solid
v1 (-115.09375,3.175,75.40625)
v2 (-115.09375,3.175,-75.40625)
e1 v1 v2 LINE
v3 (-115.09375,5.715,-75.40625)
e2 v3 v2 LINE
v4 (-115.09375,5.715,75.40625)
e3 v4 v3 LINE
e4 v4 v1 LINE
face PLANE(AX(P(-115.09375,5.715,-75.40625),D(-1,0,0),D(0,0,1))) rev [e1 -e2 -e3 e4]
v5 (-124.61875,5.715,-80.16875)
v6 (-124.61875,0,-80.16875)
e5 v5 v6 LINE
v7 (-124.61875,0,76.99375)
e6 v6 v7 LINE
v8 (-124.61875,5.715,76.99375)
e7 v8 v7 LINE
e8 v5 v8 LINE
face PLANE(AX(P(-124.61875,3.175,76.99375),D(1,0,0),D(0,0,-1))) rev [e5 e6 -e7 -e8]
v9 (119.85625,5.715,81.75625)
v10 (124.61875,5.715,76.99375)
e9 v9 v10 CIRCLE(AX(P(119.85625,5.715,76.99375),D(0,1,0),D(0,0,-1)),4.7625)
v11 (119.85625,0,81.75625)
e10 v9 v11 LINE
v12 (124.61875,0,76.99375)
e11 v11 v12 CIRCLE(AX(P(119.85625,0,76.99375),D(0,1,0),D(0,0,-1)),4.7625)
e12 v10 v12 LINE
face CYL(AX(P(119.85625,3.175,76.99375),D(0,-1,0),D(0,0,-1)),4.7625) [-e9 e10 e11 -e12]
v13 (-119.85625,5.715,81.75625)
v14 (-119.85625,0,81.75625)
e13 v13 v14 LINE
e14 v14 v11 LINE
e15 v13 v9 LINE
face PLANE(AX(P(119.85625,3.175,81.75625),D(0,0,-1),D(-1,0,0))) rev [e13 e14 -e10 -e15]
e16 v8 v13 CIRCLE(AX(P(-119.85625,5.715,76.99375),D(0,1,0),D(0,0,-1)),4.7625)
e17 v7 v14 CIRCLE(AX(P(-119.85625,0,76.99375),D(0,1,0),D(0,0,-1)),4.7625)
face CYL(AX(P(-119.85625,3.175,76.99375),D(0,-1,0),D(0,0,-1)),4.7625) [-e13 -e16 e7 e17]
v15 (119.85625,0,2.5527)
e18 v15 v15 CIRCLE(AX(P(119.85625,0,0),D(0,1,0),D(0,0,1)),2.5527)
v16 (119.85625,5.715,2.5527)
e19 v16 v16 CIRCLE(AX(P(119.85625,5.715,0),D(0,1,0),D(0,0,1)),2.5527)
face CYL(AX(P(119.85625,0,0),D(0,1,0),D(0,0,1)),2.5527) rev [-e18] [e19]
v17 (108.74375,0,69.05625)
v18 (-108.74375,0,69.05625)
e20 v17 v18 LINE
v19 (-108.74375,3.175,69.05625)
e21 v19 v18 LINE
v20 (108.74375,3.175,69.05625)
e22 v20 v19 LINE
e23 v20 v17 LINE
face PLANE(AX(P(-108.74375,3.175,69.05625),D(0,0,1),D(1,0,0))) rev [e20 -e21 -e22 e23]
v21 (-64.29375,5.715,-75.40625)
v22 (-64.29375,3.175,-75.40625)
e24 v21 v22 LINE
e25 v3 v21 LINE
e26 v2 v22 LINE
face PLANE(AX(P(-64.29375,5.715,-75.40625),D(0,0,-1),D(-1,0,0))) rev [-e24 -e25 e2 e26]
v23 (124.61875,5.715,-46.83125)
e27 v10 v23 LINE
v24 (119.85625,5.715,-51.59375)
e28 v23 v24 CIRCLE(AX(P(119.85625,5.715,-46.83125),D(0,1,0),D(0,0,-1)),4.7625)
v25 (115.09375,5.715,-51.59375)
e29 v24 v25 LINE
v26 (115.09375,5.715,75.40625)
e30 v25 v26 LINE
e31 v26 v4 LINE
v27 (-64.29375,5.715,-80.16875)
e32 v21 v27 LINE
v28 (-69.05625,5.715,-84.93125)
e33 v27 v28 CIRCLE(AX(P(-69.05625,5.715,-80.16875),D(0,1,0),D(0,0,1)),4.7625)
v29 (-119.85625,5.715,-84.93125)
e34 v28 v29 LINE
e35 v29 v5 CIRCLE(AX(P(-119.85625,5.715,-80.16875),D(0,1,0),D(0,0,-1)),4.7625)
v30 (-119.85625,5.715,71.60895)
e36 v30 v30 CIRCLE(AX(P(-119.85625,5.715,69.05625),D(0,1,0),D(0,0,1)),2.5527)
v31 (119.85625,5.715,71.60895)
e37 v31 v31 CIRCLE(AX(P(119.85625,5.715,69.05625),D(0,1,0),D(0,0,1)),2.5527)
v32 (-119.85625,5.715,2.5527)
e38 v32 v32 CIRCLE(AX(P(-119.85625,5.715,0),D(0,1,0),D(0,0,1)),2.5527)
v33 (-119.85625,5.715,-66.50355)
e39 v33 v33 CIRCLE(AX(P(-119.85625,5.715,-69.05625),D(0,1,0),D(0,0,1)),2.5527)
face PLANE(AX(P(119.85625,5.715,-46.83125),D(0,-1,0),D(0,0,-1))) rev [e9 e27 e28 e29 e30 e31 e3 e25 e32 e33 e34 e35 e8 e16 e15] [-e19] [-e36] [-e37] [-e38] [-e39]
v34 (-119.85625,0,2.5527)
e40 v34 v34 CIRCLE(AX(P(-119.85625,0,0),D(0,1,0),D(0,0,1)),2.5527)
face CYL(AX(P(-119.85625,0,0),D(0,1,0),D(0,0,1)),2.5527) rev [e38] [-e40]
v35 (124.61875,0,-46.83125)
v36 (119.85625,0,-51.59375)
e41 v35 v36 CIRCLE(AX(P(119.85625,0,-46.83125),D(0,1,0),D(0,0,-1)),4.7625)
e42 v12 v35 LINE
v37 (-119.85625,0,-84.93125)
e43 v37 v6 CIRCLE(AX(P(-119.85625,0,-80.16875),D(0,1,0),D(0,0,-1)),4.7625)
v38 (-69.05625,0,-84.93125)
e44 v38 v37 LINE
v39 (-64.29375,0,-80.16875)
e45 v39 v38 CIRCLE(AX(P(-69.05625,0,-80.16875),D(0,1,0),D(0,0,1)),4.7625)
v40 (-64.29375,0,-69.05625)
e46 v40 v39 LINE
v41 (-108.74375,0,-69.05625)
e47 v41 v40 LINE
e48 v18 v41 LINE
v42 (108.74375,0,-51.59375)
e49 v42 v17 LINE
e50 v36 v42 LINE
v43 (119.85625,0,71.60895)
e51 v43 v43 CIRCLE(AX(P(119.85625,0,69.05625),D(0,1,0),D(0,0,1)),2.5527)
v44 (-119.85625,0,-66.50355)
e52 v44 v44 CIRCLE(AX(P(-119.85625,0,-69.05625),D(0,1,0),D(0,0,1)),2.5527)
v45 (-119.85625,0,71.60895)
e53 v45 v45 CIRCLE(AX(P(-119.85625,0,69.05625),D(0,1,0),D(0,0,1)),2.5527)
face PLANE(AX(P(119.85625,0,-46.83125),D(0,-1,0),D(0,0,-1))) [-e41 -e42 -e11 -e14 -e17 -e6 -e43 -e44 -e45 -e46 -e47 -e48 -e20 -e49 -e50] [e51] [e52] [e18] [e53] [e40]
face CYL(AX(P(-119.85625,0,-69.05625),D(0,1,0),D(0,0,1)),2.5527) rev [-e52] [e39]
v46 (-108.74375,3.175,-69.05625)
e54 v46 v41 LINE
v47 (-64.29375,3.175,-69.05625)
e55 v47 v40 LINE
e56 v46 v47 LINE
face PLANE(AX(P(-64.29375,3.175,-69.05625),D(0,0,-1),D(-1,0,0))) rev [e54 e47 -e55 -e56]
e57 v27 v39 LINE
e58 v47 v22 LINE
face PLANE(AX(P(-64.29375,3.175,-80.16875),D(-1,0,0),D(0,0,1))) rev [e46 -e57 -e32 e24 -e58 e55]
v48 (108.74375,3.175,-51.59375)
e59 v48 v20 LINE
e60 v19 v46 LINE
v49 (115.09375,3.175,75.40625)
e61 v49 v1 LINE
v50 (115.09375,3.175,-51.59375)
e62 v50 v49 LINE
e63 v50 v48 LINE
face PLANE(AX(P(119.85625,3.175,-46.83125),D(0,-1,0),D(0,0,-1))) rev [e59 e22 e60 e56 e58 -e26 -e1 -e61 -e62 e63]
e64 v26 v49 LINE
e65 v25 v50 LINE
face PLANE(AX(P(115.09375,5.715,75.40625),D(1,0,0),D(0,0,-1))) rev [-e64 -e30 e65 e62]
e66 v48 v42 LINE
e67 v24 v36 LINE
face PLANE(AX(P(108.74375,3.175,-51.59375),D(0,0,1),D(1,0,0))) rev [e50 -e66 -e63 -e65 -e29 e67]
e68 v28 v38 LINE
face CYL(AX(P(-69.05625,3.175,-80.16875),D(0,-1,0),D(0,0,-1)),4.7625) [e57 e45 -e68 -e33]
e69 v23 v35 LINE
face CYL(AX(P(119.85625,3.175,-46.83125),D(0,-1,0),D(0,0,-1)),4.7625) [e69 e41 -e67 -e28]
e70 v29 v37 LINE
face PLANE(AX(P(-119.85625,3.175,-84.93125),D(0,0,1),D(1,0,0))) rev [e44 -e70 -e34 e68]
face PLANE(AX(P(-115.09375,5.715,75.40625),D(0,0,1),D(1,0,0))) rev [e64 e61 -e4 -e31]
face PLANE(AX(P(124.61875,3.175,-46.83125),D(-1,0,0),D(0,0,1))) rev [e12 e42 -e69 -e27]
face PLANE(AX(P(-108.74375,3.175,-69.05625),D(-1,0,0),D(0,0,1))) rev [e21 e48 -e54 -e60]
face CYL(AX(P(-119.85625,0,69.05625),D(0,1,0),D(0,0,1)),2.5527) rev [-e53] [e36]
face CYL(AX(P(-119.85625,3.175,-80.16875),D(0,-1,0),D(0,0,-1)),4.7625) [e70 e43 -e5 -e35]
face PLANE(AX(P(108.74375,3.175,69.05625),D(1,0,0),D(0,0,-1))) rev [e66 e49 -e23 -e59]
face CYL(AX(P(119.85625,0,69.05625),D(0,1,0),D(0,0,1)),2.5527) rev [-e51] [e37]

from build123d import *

# Parameters (mm, degrees)
BOSS_EXTRUDE1_DEPTH = 3.175
BOSS_EXTRUDE2_DEPTH = 2.54
SKETCH3_R           = 2.5527
CUT_EXTRUDE1_DEPTH  = 153.360472739


with BuildPart() as part:
    # Sketch1 → Boss-Extrude1 (new body)
    with BuildSketch(Plane(origin=(0, 0, 0), x_dir=(1, 0, 0), z_dir=(0, 1, 0))):
        with BuildLine():
            Line((-64.29375, 80.16875), (-64.29375, 69.05625))
            Line((-64.29375, 69.05625), (-108.74375, 69.05625))
            Line((-108.74375, 69.05625), (-108.74375, -69.05625))
            Line((-108.74375, -69.05625), (108.74375, -69.05625))
            Line((108.74375, -69.05625), (108.74375, 51.59375))
            Line((108.74375, 51.59375), (119.85625, 51.59375))
            ThreePointArc((119.85625, 51.59375), (123.223846045, 50.198846045), (124.61875, 46.83125))
            Line((124.61875, 46.83125), (124.61875, -76.99375))
            ThreePointArc((124.61875, -76.99375), (123.223846045, -80.361346045), (119.85625, -81.75625))
            Line((119.85625, -81.75625), (-119.85625, -81.75625))
            ThreePointArc((-119.85625, -81.75625), (-123.223846045, -80.361346045), (-124.61875, -76.99375))
            Line((-124.61875, -76.99375), (-124.61875, 80.16875))
            ThreePointArc((-124.61875, 80.16875), (-123.223846045, 83.536346045), (-119.85625, 84.93125))
            Line((-119.85625, 84.93125), (-69.05625, 84.93125))
            ThreePointArc((-69.05625, 84.93125), (-65.688653955, 83.536346045), (-64.29375, 80.16875))
        make_face()
    extrude(amount=BOSS_EXTRUDE1_DEPTH)

    # Sketch2 → Boss-Extrude2 (add)
    with BuildSketch(Plane(origin=(0, 3.175, 0), x_dir=(1, 0, 0), z_dir=(0, 1, 0))):
        with BuildLine():
            Line((-64.29375, 80.16875), (-64.29375, 75.40625))
            Line((-64.29375, 75.40625), (-115.09375, 75.40625))
            Line((-115.09375, 75.40625), (-115.09375, -75.40625))
            Line((-115.09375, -75.40625), (115.09375, -75.40625))
            Line((115.09375, -75.40625), (115.09375, 51.59375))
            Line((115.09375, 51.59375), (119.85625, 51.59375))
            ThreePointArc((119.85625, 51.59375), (123.223846045, 50.198846045), (124.61875, 46.83125))
            Line((124.61875, 46.83125), (124.61875, -76.99375))
            ThreePointArc((124.61875, -76.99375), (123.223846045, -80.361346045), (119.85625, -81.75625))
            Line((119.85625, -81.75625), (-119.85625, -81.75625))
            ThreePointArc((-119.85625, -81.75625), (-123.223846045, -80.361346045), (-124.61875, -76.99375))
            Line((-124.61875, -76.99375), (-124.61875, 80.16875))
            ThreePointArc((-124.61875, 80.16875), (-123.223846045, 83.536346045), (-119.85625, 84.93125))
            Line((-119.85625, 84.93125), (-69.05625, 84.93125))
            ThreePointArc((-69.05625, 84.93125), (-65.688653955, 83.536346045), (-64.29375, 80.16875))
        make_face()
    extrude(amount=BOSS_EXTRUDE2_DEPTH)

    # Sketch3 → Cut-Extrude1 (cut, through all)
    with BuildSketch(Plane(origin=(0, 5.715, -5.715), x_dir=(-1, 0, 0), z_dir=(0, 1, 0))):
        with Locations(Location((119.85625, -63.34125, 0), (0, 0, 90))):
            Circle(SKETCH3_R)
        with Locations(Location((119.85625, 74.77125, 0), (0, 0, 90))):
            Circle(SKETCH3_R)
        with Locations(Location((119.85625, 5.715, 0), (0, 0, 90))):
            Circle(SKETCH3_R)
        with Locations(Location((-119.85625, 74.77125, 0), (0, 0, 90))):
            Circle(SKETCH3_R)
        with Locations(Location((-119.85625, 5.715, 0), (0, 0, 90))):
            Circle(SKETCH3_R)
    extrude(amount=-CUT_EXTRUDE1_DEPTH, mode=Mode.SUBTRACT)


solid = part.part
